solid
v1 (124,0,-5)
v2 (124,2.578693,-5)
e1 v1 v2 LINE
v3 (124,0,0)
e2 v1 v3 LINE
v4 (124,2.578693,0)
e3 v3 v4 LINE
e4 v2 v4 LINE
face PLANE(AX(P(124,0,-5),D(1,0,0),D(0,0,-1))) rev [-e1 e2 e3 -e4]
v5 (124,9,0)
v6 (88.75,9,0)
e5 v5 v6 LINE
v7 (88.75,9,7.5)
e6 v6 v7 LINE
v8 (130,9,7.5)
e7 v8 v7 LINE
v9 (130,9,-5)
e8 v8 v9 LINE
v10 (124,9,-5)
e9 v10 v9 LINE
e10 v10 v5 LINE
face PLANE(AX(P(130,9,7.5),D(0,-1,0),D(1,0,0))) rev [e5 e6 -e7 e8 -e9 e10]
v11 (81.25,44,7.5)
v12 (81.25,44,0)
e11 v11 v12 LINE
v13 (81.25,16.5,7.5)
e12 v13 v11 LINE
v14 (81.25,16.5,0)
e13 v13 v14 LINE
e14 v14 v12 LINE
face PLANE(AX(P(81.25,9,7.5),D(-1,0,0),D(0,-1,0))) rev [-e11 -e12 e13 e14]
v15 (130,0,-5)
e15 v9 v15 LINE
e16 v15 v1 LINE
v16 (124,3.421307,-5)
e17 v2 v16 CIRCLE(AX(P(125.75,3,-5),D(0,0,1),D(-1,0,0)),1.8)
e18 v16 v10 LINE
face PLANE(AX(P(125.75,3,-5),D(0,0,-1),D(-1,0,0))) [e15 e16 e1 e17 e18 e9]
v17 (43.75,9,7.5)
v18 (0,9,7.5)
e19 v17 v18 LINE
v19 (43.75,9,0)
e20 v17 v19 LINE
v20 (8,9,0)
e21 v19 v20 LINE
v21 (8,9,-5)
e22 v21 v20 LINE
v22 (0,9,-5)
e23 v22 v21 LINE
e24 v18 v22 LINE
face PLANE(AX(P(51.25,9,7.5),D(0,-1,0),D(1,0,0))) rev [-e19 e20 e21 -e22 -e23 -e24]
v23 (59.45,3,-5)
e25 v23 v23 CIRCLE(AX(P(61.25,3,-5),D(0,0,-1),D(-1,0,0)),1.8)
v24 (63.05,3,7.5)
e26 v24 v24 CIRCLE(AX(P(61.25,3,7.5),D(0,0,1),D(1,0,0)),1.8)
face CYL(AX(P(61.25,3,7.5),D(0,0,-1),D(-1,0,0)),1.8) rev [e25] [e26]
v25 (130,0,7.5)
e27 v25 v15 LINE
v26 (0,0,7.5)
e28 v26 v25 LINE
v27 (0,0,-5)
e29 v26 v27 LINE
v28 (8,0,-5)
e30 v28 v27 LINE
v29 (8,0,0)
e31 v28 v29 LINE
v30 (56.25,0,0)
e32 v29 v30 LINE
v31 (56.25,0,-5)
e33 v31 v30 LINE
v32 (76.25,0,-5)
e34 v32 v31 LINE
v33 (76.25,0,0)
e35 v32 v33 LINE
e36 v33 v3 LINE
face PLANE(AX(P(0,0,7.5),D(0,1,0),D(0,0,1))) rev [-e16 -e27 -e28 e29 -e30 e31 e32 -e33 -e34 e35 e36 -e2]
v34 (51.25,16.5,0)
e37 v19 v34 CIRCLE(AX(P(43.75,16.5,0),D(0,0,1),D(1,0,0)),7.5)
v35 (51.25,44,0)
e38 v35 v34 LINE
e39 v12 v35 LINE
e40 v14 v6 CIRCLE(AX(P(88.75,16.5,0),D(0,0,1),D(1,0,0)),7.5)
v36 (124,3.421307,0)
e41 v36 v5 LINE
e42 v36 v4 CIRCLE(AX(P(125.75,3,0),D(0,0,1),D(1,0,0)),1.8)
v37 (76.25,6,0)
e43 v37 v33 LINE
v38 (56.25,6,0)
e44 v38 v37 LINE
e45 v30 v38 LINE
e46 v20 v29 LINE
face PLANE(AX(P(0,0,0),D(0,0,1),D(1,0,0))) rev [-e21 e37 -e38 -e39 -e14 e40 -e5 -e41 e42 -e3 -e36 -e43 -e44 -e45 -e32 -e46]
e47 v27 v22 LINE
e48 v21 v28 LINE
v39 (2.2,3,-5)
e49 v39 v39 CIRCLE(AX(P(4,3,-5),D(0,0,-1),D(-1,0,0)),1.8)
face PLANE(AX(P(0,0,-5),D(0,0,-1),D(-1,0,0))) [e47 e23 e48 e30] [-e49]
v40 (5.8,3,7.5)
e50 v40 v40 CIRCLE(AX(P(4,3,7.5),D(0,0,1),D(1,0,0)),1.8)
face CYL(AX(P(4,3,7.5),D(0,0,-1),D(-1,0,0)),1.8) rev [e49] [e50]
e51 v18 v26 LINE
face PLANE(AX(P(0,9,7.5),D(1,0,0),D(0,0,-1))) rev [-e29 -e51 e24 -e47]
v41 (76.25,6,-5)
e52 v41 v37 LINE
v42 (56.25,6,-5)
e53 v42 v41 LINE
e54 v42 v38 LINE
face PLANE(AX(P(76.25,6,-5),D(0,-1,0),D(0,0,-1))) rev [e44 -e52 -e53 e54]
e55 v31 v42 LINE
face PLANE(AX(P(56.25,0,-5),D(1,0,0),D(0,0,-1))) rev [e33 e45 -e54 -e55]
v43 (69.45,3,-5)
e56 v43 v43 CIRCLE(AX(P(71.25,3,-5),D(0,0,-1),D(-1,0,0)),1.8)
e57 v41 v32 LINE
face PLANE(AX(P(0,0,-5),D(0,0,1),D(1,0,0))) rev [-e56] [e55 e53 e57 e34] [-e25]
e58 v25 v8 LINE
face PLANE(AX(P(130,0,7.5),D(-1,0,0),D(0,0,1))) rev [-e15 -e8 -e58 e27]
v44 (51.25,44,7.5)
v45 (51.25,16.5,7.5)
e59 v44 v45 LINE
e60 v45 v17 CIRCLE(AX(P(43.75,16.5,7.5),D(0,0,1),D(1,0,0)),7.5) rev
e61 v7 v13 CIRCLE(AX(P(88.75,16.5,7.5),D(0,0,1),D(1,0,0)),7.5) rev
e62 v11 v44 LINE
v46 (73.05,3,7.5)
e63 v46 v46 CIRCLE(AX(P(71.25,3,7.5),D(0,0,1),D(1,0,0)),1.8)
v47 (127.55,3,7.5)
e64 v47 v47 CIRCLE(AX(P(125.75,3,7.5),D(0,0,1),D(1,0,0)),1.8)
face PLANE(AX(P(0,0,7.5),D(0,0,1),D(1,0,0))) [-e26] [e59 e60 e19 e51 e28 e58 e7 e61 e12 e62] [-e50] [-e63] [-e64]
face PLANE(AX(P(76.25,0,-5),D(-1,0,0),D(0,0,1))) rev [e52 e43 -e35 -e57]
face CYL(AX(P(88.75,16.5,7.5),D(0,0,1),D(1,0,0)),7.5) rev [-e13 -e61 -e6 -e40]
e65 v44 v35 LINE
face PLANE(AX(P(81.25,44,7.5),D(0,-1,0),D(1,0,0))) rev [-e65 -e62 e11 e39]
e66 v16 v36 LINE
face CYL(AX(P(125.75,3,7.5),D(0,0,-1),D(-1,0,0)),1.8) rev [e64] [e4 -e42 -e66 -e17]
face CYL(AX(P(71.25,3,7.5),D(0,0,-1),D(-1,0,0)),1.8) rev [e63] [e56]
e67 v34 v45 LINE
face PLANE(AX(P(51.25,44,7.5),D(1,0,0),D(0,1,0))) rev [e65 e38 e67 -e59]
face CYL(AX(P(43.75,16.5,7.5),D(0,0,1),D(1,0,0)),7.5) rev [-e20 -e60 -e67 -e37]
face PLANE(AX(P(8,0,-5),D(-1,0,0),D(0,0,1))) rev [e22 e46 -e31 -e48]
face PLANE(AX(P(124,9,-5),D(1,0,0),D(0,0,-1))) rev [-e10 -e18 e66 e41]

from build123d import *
from build123d.topology import SkipClean

# Parameters (mm, degrees)
SKETCH1_R               = 1.8
MOUNTING_FACE_DEPTH     = 7.5
CELL_SUPPORT_FILLETS_R  = 7.5
MIDLINE_START           = 5
SKETCH3_W               = 20
SKETCH3_H               = 6
SKETCH3_R               = 1.8
SKETCH3_W_2             = 8
SKETCH3_H_2             = 9
MIDLINE_EXTENSION_DEPTH = 5


with BuildPart() as part:
    # Sketch1 → Mounting Face (new body)
    with BuildSketch(Plane.XY):
        Polygon((130, 0), (130, 9), (81.25, 9), (81.25, 44), (51.25, 44), (51.25, 9), (0, 9), (0, 0), align=None)
        with Locations((4, 3)):
            Circle(SKETCH1_R, mode=Mode.SUBTRACT)
        with Locations((61.25, 3)):
            Circle(SKETCH1_R, mode=Mode.SUBTRACT)
        with Locations((71.25, 3)):
            Circle(SKETCH1_R, mode=Mode.SUBTRACT)
        with Locations((125.75, 3)):
            Circle(SKETCH1_R, mode=Mode.SUBTRACT)
    extrude(amount=MOUNTING_FACE_DEPTH)

    # Cell Support Fillets
    cell_support_fillets_edges = [part.edges().sort_by_distance(p)[0] for p in [
        (51.25, 9, 3.75),
        (81.25, 9, 3.75),
    ]]
    fillet(cell_support_fillets_edges, radius=CELL_SUPPORT_FILLETS_R)

    # Sketch3 → Midline Extension (add)
    # profile 1 of 3: a face of its own
    with SkipClean():  # the faces are left unmerged after this step: merging them gives an invalid solid
        with BuildSketch(Plane(origin=(0, 0, 0), x_dir=(-1, 0, 0), z_dir=(0, 0, -1)).offset(MIDLINE_START)):
            with Locations((-66.25, 3)):
                Rectangle(SKETCH3_W, SKETCH3_H)
            with Locations((-71.25, 3)):
                Circle(SKETCH3_R, mode=Mode.SUBTRACT)
            with Locations((-61.25, 3)):
                Circle(SKETCH3_R, mode=Mode.SUBTRACT)
        # profile 2 of 3: a face of its own
        with BuildSketch(Plane(origin=(0, 0, 0), x_dir=(-1, 0, 0), z_dir=(0, 0, -1)).offset(MIDLINE_START)):
            with Locations((-4, 4.5)):
                Rectangle(SKETCH3_W_2, SKETCH3_H_2)
            with Locations((-4, 3)):
                Circle(SKETCH3_R, mode=Mode.SUBTRACT)
        # profile 3 of 3: a face of its own
        with BuildSketch(Plane(origin=(0, 0, 0), x_dir=(-1, 0, 0), z_dir=(0, 0, -1)).offset(MIDLINE_START)):
            with BuildLine():
                Line((-130, 0), (-124, 0))
                Line((-124, 0), (-124, 2.578692511))
                ThreePointArc((-124, 2.578692511), (-127.55, 3), (-124, 3.421307489))
                Line((-124, 3.421307489), (-124, 9))
                Line((-124, 9), (-130, 9))
                Line((-130, 9), (-130, 0))
            make_face()
        extrude(amount=-MIDLINE_EXTENSION_DEPTH)


solid = part.part
